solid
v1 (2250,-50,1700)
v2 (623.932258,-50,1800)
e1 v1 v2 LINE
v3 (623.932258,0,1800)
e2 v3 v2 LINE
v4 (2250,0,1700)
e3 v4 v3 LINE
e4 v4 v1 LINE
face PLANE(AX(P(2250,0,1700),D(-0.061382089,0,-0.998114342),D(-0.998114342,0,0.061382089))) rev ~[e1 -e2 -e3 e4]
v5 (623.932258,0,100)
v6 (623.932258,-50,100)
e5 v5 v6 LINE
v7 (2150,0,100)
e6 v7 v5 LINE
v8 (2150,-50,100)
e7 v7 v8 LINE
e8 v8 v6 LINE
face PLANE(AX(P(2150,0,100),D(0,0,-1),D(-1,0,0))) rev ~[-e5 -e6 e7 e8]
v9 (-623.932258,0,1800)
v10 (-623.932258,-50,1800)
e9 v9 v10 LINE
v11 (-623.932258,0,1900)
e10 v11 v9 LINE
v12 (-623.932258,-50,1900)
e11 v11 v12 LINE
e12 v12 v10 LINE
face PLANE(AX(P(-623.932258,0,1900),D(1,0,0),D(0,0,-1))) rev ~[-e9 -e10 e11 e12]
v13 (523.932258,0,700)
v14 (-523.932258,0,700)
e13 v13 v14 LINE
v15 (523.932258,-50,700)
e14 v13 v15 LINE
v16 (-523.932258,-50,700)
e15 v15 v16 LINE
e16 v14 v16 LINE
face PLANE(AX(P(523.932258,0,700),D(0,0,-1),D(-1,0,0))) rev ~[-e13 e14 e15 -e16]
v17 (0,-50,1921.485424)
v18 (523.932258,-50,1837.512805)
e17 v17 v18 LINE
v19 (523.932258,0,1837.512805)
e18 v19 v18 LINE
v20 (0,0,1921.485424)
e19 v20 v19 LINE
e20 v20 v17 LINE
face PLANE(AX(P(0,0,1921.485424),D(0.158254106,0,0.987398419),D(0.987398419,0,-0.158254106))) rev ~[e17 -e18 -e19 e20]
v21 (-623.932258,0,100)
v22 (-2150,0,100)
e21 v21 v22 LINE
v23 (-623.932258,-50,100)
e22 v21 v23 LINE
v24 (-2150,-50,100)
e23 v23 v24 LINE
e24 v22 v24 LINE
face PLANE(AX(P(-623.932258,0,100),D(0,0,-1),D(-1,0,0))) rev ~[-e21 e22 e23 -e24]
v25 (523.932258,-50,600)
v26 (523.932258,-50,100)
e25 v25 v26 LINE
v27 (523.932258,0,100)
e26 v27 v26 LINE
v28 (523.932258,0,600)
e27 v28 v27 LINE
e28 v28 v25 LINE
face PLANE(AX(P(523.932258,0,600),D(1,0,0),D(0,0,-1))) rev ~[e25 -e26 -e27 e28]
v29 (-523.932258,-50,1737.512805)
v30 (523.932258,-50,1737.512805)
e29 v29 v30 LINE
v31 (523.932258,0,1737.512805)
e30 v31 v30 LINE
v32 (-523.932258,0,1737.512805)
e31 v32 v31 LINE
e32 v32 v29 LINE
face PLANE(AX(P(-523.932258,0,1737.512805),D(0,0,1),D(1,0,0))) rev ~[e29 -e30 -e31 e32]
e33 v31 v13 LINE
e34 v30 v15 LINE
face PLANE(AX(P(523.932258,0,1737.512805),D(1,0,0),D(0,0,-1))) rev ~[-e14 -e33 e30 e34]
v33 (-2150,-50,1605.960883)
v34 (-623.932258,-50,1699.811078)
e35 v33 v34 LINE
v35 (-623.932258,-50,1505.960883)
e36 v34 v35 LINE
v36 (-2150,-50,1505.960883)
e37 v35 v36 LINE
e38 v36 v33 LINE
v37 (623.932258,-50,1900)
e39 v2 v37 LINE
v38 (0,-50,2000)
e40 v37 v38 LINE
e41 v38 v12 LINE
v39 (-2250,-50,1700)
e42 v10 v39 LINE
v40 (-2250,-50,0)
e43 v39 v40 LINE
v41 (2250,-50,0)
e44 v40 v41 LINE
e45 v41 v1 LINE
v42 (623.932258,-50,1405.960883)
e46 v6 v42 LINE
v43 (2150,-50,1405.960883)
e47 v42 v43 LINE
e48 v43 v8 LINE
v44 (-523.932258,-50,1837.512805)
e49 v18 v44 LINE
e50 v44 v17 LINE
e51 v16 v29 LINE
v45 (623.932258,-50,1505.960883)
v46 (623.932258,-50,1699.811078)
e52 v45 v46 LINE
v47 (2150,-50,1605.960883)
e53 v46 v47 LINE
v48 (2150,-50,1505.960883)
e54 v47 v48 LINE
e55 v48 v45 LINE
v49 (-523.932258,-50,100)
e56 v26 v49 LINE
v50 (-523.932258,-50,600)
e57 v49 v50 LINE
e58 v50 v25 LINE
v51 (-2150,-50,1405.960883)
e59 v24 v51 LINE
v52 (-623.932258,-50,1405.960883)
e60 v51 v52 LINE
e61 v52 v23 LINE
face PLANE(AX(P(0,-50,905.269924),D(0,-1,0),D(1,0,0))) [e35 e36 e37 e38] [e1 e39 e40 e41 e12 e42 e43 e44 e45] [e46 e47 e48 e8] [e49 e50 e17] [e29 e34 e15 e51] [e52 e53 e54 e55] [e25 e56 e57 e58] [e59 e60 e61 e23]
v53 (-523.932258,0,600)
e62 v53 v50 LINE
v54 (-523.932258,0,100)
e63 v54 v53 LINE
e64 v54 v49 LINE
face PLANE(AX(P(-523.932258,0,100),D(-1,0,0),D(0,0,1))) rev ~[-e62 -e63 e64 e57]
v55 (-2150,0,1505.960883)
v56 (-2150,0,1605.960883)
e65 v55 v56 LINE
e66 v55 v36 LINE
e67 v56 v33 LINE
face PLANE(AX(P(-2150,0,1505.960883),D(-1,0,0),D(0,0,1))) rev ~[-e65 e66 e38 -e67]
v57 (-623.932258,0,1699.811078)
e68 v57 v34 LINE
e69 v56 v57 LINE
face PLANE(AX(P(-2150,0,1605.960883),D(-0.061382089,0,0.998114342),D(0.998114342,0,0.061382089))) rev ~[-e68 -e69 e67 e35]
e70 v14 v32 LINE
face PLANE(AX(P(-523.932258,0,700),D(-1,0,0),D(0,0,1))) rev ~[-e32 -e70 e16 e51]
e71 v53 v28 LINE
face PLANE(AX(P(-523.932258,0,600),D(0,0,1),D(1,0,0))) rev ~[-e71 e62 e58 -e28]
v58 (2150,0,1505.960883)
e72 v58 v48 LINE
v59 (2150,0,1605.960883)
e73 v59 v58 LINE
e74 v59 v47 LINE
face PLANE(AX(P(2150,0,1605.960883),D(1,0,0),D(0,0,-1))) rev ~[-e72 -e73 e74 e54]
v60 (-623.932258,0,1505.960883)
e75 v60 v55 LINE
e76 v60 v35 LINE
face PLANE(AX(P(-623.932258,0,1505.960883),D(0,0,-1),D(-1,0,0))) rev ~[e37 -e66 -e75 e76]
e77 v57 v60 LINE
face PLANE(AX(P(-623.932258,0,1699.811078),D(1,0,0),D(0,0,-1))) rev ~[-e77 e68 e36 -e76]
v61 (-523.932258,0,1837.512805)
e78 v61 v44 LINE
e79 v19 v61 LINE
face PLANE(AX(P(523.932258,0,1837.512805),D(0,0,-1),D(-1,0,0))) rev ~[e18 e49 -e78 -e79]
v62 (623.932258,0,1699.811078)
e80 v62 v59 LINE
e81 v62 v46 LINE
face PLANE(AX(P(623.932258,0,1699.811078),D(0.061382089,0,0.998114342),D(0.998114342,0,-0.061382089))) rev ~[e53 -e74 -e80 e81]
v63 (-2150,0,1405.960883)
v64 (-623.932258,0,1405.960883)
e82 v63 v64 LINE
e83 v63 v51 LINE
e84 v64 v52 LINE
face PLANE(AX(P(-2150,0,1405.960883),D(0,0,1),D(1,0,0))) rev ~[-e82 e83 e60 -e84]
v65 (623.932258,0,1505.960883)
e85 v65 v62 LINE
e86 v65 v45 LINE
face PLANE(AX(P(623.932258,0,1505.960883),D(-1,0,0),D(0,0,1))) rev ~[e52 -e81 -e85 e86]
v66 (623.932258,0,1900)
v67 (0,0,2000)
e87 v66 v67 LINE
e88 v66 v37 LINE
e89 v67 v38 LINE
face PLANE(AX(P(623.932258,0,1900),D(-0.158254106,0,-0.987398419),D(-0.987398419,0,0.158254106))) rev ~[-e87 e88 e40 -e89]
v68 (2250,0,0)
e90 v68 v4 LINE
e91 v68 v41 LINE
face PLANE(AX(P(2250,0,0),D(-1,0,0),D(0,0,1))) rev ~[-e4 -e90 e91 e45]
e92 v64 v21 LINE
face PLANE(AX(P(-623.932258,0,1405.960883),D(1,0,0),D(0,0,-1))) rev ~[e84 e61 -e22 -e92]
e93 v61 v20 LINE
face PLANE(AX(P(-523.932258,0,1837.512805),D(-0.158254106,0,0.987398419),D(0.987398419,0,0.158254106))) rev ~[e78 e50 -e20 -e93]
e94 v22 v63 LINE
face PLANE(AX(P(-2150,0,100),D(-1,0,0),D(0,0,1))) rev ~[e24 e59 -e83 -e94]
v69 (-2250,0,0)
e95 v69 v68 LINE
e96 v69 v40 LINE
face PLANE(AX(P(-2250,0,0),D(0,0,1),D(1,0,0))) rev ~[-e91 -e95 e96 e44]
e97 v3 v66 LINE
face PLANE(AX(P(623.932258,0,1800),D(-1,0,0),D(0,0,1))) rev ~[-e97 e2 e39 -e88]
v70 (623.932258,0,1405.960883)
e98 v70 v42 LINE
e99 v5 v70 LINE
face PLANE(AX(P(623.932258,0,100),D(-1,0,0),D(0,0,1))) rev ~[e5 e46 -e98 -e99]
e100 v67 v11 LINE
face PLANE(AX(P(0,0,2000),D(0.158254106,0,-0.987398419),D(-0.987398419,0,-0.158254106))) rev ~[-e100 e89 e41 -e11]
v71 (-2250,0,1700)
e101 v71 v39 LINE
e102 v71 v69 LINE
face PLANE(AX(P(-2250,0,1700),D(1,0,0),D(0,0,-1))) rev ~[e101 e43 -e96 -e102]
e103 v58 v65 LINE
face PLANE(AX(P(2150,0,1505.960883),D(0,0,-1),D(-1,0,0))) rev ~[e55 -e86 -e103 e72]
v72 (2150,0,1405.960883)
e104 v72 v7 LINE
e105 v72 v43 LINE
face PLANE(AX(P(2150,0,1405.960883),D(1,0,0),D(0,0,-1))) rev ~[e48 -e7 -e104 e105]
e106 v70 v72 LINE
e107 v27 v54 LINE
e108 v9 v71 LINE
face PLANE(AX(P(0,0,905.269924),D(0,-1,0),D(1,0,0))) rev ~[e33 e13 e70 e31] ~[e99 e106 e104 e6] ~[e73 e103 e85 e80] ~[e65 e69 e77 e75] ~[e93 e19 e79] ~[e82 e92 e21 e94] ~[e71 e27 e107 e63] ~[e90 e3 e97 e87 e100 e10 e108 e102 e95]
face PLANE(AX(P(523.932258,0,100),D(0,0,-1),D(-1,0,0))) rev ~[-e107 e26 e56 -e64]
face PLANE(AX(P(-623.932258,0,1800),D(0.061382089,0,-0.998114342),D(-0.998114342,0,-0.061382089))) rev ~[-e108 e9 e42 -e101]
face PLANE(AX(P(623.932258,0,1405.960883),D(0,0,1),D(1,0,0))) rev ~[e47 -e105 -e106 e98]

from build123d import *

# Parameters (mm, degrees)
F1_DEPTH = 50


with BuildPart() as f1:
    # F0 (on Front) → F1 (new body)
    with BuildSketch(Plane.XZ):
        Polygon((-2250, 0), (0, 0), (2250, 0), (2250, 1700), (623.932258, 1800), (623.932258, 1900), (0, 2000), (-623.932258, 1900), (-623.932258, 1800), (-2250, 1700), align=None)
        Polygon((-2150, 1405.960883), (-623.932258, 1405.960883), (-623.932258, 600), (-623.932258, 100), (-2150, 100), align=None, mode=Mode.SUBTRACT)
        Polygon((0, 600), (523.932258, 600), (523.932258, 100), (0, 100), (-523.932258, 100), (-523.932258, 600), align=None, mode=Mode.SUBTRACT)
        Polygon((2150, 1405.960883), (2150, 100), (623.932258, 100), (623.932258, 600), (623.932258, 1405.960883), align=None, mode=Mode.SUBTRACT)
        Polygon((-623.932258, 1505.960883), (-2150, 1505.960883), (-2150, 1605.960883), (-623.932258, 1699.811078), align=None, mode=Mode.SUBTRACT)
        Polygon((-523.932258, 1737.512805), (523.932258, 1737.512805), (523.932258, 700), (0, 700), (-523.932258, 700), align=None, mode=Mode.SUBTRACT)
        Polygon((-523.932258, 1837.512805), (0, 1921.485424), (523.932258, 1837.512805), align=None, mode=Mode.SUBTRACT)
        Polygon((623.932258, 1505.960883), (623.932258, 1699.811078), (2150, 1605.960883), (2150, 1505.960883), align=None, mode=Mode.SUBTRACT)
    extrude(amount=F1_DEPTH)


solid = f1.part
